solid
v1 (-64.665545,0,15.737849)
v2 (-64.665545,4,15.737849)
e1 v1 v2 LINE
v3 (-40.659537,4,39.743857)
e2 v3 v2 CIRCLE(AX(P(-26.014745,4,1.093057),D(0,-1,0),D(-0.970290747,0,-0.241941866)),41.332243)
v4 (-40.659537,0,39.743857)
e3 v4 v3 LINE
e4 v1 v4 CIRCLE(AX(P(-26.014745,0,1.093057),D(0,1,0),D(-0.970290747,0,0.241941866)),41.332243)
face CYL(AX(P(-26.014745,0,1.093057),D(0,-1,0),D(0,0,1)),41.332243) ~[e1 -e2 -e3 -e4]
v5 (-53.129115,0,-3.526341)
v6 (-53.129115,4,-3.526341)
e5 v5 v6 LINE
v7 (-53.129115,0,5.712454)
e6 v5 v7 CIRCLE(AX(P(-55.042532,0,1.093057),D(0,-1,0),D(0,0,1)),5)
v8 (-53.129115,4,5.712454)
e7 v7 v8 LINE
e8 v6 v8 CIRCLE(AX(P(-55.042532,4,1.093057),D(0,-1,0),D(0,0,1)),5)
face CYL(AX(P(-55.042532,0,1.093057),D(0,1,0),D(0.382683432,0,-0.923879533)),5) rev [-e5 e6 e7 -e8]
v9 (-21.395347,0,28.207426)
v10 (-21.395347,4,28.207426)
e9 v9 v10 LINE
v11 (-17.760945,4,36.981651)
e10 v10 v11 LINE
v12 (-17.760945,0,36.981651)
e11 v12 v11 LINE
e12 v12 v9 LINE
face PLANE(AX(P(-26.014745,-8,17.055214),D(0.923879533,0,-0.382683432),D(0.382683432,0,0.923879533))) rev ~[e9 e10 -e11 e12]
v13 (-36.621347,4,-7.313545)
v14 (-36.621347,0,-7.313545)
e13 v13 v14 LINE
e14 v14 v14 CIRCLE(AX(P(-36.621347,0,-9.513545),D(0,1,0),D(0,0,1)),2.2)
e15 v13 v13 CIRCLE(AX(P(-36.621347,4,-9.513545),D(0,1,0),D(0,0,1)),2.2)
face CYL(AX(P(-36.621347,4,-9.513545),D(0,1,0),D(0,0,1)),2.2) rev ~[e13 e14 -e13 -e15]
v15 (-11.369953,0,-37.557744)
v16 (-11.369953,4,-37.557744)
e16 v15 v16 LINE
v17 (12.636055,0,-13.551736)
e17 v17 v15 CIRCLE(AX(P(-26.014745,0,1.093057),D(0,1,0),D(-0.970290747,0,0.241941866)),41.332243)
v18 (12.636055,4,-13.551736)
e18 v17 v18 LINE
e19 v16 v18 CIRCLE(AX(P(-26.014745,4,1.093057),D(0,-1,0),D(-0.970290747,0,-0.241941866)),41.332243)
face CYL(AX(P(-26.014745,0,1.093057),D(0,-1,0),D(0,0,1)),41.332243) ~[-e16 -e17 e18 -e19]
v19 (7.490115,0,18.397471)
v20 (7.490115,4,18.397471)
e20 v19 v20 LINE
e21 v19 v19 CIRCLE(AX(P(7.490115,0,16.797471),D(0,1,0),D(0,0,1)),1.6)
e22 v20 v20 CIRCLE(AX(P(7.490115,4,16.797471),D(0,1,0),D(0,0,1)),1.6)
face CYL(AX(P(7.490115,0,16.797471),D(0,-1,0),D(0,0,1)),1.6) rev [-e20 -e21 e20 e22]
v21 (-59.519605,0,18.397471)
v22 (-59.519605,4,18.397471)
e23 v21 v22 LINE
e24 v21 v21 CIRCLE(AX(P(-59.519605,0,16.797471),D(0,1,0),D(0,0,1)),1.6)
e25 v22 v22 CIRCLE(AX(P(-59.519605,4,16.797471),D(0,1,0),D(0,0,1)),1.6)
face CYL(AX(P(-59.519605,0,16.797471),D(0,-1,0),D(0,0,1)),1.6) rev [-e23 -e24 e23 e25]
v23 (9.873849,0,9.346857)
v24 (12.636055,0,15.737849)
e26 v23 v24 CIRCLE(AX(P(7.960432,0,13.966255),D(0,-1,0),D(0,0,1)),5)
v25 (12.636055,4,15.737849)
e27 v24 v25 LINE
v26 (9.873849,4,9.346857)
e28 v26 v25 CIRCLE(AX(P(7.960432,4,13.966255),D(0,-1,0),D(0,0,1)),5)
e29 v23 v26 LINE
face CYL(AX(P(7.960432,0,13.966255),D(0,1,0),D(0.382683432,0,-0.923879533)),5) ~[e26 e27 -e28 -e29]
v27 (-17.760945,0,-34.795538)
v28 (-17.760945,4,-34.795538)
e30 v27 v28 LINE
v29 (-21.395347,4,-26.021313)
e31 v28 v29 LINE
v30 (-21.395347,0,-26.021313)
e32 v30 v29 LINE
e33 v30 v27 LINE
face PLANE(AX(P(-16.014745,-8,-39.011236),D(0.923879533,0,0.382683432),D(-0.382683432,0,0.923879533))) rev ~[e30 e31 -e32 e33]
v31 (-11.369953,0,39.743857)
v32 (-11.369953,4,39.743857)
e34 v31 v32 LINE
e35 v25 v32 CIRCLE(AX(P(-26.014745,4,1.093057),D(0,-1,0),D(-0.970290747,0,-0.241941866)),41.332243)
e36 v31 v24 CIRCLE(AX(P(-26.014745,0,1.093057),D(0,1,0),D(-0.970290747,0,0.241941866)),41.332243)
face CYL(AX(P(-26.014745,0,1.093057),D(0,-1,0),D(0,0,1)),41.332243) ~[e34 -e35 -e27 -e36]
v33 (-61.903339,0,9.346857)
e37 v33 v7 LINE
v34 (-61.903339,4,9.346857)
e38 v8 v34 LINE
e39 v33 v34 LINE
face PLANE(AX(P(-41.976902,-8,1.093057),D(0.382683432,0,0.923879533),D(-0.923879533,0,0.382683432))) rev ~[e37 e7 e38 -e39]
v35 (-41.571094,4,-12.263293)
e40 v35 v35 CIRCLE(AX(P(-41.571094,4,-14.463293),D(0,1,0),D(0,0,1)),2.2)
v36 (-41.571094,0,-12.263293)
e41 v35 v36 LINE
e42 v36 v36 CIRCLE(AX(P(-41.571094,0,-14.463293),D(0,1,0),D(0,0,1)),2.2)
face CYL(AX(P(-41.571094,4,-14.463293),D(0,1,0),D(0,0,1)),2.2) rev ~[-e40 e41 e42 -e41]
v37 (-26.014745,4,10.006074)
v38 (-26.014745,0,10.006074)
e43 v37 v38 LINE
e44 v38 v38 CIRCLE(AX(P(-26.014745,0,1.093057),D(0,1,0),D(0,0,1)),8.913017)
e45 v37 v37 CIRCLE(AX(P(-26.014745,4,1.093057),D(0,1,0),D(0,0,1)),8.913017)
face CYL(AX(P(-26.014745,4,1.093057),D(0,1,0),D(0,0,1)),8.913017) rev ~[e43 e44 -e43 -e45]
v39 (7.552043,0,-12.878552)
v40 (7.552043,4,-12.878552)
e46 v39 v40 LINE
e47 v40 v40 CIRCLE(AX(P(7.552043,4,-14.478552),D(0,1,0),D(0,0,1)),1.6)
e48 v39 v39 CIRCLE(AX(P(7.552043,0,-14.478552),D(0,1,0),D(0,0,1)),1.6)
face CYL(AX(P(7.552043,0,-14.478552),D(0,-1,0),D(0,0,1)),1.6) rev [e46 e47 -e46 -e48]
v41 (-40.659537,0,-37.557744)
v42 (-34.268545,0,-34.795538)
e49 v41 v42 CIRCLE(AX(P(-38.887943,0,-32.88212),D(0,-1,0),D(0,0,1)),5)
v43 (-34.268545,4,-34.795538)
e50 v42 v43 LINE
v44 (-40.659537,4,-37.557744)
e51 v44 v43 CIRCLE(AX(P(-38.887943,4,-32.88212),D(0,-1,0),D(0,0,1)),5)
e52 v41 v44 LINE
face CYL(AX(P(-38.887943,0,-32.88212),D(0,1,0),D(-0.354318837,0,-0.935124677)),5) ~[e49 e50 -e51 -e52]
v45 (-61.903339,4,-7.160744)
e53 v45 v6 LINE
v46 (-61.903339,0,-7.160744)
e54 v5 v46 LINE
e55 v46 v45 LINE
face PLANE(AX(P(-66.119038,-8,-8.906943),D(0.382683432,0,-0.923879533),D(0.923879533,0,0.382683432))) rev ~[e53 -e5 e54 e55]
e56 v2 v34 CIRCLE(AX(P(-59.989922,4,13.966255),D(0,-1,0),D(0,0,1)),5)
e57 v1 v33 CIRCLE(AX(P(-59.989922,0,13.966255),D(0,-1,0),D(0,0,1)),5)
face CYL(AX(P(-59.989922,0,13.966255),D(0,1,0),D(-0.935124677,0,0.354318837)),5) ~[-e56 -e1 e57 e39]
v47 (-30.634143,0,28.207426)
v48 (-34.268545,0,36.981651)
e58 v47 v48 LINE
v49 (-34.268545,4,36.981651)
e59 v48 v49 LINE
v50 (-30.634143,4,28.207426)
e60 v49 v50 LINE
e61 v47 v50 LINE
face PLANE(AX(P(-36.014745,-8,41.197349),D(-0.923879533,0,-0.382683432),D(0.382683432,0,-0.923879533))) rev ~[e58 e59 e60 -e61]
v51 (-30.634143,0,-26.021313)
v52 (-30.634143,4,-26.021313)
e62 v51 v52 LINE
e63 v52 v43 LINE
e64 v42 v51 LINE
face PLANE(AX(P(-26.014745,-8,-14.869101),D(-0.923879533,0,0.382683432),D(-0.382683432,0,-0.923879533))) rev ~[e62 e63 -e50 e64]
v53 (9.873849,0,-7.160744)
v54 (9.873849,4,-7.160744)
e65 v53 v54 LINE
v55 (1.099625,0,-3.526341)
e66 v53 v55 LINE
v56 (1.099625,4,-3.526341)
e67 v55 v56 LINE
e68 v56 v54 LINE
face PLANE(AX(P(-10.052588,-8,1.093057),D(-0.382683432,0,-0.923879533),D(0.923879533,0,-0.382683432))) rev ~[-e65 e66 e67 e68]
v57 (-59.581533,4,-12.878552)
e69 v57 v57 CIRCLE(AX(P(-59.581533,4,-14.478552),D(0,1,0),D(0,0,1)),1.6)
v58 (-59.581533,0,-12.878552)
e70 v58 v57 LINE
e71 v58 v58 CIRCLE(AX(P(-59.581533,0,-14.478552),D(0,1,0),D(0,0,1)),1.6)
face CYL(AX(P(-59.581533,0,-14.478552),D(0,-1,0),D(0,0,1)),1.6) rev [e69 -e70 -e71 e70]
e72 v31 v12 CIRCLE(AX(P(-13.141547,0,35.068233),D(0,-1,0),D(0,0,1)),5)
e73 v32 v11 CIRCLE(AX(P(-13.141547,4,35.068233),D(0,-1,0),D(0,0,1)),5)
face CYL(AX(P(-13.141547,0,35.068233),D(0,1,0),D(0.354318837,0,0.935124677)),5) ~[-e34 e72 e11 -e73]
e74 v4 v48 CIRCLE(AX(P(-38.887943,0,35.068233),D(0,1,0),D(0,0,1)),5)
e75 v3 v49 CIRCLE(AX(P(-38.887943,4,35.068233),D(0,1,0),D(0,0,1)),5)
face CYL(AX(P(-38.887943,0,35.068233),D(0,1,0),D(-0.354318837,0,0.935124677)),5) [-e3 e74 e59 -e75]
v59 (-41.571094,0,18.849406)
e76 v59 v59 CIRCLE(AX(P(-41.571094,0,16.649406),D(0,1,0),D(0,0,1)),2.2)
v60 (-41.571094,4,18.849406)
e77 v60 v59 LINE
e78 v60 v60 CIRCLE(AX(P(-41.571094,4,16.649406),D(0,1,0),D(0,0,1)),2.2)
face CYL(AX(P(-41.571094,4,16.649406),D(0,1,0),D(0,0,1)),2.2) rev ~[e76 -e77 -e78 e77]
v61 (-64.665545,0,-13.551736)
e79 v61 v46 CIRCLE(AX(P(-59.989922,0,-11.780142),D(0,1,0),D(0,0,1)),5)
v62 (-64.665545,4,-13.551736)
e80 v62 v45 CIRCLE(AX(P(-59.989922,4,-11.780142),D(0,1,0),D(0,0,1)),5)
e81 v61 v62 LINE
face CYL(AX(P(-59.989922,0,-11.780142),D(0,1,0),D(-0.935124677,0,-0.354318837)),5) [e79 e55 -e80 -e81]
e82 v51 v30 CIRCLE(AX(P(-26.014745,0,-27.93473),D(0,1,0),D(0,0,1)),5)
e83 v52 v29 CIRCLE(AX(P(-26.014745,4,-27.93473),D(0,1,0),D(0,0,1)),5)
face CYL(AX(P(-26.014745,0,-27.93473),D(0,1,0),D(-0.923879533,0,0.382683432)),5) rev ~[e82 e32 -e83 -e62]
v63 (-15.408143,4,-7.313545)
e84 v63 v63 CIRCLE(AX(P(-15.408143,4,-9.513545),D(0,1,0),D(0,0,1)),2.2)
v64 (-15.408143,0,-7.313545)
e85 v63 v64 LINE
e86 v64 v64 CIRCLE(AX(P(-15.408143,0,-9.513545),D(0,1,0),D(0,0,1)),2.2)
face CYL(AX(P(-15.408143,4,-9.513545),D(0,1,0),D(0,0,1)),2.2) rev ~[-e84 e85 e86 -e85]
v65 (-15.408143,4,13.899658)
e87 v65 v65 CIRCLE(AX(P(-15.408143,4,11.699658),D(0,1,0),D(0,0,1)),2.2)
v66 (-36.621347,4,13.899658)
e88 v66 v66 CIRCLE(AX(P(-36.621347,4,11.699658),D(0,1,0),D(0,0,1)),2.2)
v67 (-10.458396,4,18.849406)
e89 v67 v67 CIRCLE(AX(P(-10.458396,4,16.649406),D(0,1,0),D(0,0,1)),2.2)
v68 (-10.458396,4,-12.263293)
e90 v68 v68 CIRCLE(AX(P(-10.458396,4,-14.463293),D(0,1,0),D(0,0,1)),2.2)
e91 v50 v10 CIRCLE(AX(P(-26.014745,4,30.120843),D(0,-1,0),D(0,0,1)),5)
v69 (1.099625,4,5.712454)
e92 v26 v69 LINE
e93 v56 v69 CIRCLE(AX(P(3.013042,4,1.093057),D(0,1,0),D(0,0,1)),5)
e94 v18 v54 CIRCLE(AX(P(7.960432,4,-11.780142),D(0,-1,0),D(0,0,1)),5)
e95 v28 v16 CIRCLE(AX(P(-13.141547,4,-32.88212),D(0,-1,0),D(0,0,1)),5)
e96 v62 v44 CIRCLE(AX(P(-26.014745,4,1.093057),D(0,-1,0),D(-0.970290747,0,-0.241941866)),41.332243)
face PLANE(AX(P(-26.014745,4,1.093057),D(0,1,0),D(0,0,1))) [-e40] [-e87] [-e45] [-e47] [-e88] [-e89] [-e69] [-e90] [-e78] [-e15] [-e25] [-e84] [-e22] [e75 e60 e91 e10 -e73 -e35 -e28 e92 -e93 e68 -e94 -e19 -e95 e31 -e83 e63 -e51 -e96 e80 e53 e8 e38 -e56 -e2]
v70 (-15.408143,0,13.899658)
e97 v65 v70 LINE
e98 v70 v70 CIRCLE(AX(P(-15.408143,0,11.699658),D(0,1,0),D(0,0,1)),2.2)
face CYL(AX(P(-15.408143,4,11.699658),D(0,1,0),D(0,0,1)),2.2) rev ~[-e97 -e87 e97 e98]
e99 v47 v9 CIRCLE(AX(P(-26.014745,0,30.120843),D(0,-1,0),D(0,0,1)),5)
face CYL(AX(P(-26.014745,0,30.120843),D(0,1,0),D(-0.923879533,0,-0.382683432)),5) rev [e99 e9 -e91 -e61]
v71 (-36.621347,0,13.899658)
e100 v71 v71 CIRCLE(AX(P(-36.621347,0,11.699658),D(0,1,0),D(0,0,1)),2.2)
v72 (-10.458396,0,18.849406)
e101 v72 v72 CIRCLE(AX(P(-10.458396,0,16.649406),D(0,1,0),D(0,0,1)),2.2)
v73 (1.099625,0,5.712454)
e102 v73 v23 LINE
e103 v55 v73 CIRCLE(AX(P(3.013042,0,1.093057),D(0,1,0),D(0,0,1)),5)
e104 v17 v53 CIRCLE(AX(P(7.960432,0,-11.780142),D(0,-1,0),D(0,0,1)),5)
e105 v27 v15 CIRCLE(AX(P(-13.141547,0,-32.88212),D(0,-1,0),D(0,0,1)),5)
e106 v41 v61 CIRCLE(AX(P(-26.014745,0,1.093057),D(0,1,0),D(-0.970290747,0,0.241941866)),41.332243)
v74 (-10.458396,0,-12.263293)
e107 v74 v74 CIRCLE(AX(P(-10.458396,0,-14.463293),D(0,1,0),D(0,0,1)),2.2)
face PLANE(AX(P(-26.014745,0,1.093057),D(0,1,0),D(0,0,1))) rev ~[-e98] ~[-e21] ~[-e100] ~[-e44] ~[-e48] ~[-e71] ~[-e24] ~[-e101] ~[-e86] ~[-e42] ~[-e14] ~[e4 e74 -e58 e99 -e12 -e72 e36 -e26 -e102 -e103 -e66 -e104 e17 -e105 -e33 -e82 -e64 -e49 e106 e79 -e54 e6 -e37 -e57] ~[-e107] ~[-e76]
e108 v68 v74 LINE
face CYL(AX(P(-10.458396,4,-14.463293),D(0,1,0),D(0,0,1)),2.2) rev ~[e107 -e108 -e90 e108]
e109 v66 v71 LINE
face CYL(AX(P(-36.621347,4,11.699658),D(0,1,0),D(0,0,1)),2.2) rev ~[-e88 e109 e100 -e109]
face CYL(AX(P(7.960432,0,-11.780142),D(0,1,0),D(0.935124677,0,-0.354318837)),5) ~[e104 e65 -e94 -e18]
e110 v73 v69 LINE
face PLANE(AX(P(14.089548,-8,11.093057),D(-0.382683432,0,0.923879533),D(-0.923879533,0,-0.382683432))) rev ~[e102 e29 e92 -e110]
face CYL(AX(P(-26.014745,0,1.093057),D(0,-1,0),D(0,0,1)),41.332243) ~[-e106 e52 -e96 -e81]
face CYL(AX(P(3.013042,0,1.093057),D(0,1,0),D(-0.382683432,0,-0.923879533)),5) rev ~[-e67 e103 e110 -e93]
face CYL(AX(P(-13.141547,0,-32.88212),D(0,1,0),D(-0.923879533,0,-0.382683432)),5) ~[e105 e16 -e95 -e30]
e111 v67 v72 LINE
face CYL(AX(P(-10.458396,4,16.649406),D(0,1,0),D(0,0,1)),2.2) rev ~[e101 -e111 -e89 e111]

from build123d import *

# Parameters (mm, degrees)
SKETCH1_R                = 41.332242953
SKETCH1_R_2              = 1.6
BOSS_EXTRUDE1_DEPTH      = 4
SKETCH2_R                = 8.913017029
SKETCH2_R_2              = 2.2
CUT_EXTRUDE1_DEPTH       = 12
CUT_EXTRUDE2_START       = -12
CUT_EXTRUDE2_DEPTH       = 12
FILLET1_R                = 5
CIRPATTERN1_COUNT        = 4
FILLET1_OF_CIRPATTERN1_R = 5


with BuildPart() as part:
    # Sketch1 → Boss-Extrude1 (new body)
    with BuildSketch(Plane(origin=(0, 0, 0), x_dir=(1, 0, 0), z_dir=(0, 1, 0))):
        with Locations(Location((-26.014745027, -1.093056514, 0), (0, 0, 270))):
            Circle(SKETCH1_R)
        with Locations(Location((-59.58153309, 14.478552308, 0), (0, 0, 270))):
            Circle(SKETCH1_R_2, mode=Mode.SUBTRACT)
        with Locations(Location((-59.519604899, -16.797470769, 0), (0, 0, 270))):
            Circle(SKETCH1_R_2, mode=Mode.SUBTRACT)
        with Locations(Location((7.490114845, -16.797470769, 0), (0, 0, 270))):
            Circle(SKETCH1_R_2, mode=Mode.SUBTRACT)
        with Locations(Location((7.552043035, 14.478552308, 0), (0, 0, 270))):
            Circle(SKETCH1_R_2, mode=Mode.SUBTRACT)
    extrude(amount=BOSS_EXTRUDE1_DEPTH)

    # Sketch2 → Cut-Extrude1 (cut)
    with BuildSketch(Plane(origin=(0, 4, 0), x_dir=(1, 0, 0), z_dir=(0, 1, 0))):
        with Locations(Location((-26.014745027, -1.093056514, 0), (0, 0, 270))):
            Circle(SKETCH2_R)
        with Locations(Location((-15.408143309, 9.513545204, 0), (0, 0, 270))):
            Circle(SKETCH2_R_2)
        with Locations(Location((-10.458395841, 14.463292672, 0), (0, 0, 270))):
            Circle(SKETCH2_R_2)
        with Locations(Location((-36.621346745, 9.513545204, 0), (0, 0, 270))):
            Circle(SKETCH2_R_2)
        with Locations(Location((-41.571094213, 14.463292672, 0), (0, 0, 270))):
            Circle(SKETCH2_R_2)
        with Locations(Location((-36.621346745, -11.699658232, 0), (0, 0, 270))):
            Circle(SKETCH2_R_2)
        with Locations(Location((-41.571094213, -16.6494057, 0), (0, 0, 270))):
            Circle(SKETCH2_R_2)
        with Locations(Location((-15.408143309, -11.699658232, 0), (0, 0, 270))):
            Circle(SKETCH2_R_2)
        with Locations(Location((-10.458395841, -16.6494057, 0), (0, 0, 270))):
            Circle(SKETCH2_R_2)
    extrude(amount=-CUT_EXTRUDE1_DEPTH, mode=Mode.SUBTRACT)

    # Sketch4 → Cut-Extrude2 (cut)
    with BuildSketch(Plane(origin=(0, 4, 0), x_dir=(1, 0, 0), z_dir=(0, 1, 0)).offset(CUT_EXTRUDE2_START)):
        with BuildLine():
            Line((-66.119037909, 8.906943486), (-41.976902285, -1.093056514))
            Line((-41.976902285, -1.093056514), (-66.119037909, -11.093056514))
            ThreePointArc((-66.119037909, -11.093056514), (-67.34698798, -1.093056514), (-66.119037909, 8.906943486))
        make_face()
    cut_extrude2 = extrude(amount=CUT_EXTRUDE2_DEPTH, mode=Mode.SUBTRACT)

    # Fillet1
    fillet1_edges = [part.edges().sort_by_distance(p)[0] for p in [
        (-66.119037909, 2, 11.093056514),
        (-66.119037909, 2, -8.906943486),
        (-41.976902285, 2, 1.093056514),
    ]]
    fillet(fillet1_edges, radius=FILLET1_R)

    # CirPattern1: Cut-Extrude2 ×4 about axis
    cirpattern1_axis = Axis((-26.014745027, 0, 1.093056514), (0, 1, 0))
    for i in range(1, CIRPATTERN1_COUNT):
        add(cut_extrude2.rotate(cirpattern1_axis, i * 360 / CIRPATTERN1_COUNT), mode=Mode.SUBTRACT)

    # Fillet1 of CirPattern1
    fillet1_of_cirpattern1_edges = [part.edges().sort_by_distance(p)[0] for p in [
        (-16.014745027, 2, 41.197349395),
        (-36.014745027, 2, 41.197349395),
        (-26.014745027, 2, 17.055213772),
        (14.089547854, 2, -8.906943486),
        (14.089547854, 2, 11.093056514),
        (-10.052587769, 2, 1.093056514),
        (-36.014745027, 2, -39.011236368),
        (-16.014745027, 2, -39.011236368),
        (-26.014745027, 2, -14.869100744),
    ]]
    fillet(fillet1_of_cirpattern1_edges, radius=FILLET1_OF_CIRPATTERN1_R)


solid = part.part
